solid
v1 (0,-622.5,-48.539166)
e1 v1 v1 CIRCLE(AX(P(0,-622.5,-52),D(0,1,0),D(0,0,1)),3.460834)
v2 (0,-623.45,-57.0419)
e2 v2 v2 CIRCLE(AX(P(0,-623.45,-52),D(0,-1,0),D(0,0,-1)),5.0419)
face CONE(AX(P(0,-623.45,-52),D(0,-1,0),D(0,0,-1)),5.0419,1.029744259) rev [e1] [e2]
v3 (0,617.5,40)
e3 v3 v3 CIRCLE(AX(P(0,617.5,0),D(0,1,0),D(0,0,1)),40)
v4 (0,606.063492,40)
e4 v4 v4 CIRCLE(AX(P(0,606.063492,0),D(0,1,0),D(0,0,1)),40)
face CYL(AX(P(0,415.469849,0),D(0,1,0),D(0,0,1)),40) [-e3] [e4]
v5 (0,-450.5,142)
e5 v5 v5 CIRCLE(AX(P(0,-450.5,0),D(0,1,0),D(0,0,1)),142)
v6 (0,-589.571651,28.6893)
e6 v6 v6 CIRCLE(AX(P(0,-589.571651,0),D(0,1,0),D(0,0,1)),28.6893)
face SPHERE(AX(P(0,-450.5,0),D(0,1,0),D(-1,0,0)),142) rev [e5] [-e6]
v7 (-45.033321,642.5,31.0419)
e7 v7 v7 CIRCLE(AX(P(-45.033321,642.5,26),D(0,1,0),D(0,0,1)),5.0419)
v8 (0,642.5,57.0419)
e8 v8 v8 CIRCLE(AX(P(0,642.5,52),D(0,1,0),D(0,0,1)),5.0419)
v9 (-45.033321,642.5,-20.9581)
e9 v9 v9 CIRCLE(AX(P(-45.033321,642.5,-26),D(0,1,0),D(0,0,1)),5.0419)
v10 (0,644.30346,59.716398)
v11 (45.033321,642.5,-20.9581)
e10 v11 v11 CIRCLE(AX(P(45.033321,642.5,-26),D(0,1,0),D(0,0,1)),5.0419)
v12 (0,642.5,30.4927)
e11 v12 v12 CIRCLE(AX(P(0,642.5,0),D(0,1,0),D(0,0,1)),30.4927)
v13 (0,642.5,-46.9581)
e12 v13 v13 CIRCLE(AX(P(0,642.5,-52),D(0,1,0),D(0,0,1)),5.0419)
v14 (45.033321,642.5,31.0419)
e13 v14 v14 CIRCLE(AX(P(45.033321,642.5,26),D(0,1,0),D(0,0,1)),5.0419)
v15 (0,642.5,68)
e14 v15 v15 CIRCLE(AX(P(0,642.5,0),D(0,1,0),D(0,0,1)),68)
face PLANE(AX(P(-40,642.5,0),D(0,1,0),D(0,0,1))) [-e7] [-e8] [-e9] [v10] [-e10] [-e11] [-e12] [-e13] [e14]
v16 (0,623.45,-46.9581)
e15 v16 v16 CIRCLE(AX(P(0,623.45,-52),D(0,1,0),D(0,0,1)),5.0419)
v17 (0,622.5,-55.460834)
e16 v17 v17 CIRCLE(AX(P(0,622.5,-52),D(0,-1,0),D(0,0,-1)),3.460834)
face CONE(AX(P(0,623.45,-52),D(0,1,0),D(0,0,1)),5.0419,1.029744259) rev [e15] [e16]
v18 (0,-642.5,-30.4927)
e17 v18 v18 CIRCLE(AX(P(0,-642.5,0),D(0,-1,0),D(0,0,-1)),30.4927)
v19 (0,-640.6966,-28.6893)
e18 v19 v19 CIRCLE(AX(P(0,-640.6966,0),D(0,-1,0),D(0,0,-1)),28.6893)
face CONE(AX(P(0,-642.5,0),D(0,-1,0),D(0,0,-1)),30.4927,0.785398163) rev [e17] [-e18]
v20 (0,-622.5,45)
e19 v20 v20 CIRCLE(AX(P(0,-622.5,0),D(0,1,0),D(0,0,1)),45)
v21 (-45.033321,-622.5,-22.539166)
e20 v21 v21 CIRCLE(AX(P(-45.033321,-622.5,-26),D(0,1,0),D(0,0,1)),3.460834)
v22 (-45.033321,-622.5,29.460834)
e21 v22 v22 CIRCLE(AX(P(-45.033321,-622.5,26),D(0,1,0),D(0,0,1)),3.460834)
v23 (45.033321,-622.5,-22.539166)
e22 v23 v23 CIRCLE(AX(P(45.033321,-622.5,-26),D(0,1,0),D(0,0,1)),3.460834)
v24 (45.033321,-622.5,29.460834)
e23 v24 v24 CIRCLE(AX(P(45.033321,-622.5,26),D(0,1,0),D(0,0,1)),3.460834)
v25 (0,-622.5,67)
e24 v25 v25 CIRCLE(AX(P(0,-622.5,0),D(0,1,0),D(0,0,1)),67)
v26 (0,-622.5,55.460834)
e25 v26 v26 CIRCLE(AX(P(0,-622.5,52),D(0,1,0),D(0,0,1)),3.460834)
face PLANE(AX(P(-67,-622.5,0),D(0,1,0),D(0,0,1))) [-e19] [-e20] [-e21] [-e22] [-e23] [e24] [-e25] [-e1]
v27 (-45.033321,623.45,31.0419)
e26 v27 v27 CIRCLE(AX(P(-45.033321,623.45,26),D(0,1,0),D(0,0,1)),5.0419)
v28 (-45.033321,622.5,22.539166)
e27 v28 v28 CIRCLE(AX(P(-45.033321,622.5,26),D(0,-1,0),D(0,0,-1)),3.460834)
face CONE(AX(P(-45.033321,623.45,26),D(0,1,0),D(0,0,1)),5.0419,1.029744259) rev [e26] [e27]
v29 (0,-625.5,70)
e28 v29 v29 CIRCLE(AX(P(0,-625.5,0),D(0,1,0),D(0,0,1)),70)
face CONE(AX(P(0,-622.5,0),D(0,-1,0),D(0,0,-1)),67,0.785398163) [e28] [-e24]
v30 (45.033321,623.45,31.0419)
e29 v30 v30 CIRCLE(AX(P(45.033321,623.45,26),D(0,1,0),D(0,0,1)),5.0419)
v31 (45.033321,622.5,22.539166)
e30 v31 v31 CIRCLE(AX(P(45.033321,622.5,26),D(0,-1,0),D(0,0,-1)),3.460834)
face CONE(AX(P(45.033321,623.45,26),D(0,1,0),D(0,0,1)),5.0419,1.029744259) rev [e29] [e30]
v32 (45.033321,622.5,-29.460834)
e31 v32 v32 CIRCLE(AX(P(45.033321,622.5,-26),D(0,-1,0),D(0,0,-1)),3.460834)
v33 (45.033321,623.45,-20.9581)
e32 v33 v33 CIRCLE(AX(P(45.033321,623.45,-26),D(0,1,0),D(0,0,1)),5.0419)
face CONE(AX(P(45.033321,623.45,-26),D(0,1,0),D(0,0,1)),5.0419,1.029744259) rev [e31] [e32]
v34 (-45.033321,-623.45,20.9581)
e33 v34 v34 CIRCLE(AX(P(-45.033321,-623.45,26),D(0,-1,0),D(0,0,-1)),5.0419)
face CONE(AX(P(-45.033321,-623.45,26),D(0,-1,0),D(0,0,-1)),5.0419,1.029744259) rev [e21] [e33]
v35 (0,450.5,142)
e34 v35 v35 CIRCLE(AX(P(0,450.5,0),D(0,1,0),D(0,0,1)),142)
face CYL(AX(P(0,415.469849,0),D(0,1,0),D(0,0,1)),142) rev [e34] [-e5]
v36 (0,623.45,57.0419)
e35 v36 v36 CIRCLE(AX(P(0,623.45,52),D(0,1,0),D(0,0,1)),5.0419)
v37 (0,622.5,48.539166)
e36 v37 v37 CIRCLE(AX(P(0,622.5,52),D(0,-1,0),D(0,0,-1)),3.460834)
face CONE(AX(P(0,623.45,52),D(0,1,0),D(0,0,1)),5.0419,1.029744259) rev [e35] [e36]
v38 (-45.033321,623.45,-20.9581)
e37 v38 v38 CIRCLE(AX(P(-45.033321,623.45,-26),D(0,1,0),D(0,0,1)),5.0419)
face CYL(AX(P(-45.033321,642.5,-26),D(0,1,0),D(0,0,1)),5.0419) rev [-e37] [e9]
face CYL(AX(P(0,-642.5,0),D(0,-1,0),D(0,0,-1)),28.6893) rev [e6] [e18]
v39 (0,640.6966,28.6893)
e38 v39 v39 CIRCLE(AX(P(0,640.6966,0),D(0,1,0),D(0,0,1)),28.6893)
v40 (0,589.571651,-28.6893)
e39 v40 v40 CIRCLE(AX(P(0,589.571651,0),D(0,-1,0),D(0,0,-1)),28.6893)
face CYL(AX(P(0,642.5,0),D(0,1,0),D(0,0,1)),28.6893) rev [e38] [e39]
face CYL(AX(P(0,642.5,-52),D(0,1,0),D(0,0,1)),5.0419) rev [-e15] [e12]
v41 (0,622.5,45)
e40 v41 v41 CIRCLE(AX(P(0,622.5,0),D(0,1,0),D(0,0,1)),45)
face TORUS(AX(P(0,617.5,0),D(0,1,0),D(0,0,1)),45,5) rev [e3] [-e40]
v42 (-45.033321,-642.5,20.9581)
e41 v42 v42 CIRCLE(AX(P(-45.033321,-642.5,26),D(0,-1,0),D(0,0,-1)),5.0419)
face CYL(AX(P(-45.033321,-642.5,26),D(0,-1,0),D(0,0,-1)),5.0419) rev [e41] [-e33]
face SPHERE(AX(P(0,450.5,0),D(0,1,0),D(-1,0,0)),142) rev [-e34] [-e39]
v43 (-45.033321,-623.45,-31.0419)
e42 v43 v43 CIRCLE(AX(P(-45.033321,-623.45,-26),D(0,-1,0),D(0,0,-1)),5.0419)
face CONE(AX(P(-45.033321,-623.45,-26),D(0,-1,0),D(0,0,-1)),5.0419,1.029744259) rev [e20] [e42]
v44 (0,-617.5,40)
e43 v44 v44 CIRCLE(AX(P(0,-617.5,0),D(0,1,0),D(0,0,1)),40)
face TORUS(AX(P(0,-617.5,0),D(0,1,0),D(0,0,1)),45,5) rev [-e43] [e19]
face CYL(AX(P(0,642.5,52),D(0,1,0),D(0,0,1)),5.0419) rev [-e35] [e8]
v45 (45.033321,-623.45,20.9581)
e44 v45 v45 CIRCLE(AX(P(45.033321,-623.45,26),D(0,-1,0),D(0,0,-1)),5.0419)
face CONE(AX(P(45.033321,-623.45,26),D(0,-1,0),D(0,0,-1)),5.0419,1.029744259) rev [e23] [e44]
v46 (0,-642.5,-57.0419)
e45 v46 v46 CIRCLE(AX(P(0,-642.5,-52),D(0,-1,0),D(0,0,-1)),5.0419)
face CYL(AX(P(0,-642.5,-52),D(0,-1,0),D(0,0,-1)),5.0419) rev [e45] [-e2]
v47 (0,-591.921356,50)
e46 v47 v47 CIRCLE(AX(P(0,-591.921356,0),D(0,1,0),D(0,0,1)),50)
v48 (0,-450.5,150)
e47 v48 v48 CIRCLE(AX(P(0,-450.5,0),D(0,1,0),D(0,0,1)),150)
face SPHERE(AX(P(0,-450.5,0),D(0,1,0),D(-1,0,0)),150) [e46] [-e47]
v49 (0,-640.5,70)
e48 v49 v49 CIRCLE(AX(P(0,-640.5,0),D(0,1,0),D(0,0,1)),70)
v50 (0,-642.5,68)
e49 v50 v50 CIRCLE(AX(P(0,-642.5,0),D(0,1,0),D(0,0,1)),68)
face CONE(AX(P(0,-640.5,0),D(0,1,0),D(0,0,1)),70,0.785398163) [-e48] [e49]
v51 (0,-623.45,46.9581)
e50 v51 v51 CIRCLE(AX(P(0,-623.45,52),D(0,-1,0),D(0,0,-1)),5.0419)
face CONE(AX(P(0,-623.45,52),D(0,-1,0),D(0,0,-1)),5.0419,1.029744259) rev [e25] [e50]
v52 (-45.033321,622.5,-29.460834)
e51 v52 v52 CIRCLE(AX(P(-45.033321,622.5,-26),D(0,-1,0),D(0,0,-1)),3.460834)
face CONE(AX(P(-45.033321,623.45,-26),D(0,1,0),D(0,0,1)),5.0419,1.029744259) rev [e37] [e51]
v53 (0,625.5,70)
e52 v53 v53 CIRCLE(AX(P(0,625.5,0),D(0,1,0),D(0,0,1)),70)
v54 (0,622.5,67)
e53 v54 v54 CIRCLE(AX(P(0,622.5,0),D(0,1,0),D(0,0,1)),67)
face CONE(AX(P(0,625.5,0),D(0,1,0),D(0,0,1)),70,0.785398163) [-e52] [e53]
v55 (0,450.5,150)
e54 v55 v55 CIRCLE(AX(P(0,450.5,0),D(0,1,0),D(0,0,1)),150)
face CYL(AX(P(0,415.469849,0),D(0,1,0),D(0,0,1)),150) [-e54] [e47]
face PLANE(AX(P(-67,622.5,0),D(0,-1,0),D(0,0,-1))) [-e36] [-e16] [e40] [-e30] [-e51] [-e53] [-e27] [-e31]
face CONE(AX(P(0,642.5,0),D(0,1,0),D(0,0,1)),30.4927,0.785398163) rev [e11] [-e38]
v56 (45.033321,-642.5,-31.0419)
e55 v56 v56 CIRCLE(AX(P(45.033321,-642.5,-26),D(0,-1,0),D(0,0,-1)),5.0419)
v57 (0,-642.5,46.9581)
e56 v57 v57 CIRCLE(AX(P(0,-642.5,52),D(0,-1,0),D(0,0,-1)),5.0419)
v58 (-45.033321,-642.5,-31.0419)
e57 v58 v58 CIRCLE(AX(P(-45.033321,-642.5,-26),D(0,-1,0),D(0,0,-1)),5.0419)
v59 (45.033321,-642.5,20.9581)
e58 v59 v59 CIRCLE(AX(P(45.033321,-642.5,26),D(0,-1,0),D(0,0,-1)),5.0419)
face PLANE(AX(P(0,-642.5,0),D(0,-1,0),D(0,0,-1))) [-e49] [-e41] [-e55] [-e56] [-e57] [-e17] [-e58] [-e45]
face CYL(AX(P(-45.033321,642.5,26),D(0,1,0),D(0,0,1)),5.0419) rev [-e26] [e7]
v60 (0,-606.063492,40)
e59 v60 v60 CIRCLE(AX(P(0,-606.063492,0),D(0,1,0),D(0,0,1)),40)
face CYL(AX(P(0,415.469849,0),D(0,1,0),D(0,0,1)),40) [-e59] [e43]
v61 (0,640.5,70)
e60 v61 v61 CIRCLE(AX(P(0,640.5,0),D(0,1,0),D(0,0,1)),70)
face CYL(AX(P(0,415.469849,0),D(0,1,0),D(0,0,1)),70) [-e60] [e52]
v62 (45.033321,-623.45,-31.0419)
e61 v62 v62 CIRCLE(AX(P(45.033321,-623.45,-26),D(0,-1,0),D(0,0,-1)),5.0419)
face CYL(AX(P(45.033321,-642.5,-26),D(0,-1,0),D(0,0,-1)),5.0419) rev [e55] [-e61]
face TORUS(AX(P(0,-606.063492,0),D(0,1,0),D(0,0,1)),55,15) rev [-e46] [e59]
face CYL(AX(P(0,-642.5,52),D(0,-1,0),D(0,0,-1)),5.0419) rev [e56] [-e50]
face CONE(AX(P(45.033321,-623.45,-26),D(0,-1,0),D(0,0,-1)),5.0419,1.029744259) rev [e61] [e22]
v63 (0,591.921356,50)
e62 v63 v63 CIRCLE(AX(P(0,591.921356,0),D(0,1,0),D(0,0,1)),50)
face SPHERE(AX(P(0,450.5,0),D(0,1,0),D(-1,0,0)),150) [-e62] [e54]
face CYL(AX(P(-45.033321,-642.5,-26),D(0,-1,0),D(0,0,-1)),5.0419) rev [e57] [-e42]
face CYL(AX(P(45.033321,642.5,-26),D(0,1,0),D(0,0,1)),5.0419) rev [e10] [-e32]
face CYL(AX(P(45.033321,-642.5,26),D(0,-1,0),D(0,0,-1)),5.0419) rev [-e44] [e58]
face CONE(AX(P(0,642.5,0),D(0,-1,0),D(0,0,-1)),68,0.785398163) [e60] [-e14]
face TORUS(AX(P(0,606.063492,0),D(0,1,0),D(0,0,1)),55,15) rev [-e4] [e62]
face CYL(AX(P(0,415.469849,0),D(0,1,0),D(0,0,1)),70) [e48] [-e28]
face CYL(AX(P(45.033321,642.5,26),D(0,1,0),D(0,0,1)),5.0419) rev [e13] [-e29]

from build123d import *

# Parameters (mm, degrees)
CIRPATTERN1_COUNT = 6


with BuildPart() as part:
    # Sketch2 → Revolve1 (revolve)
    with BuildSketch(Plane.XY, mode=Mode.PRIVATE) as revolve1_sk:
        with BuildLine():
            Line((-150, 450.5), (-150, -450.5))
            ThreePointArc((-150, -450.5), (-122.474487139, -537.102540378), (-50, -591.921356237))
            ThreePointArc((-50, -591.921356237), (-42.752551286, -597.403237823), (-40, -606.063491861))
            Line((-40, -606.063491861), (-40, -617.5))
            ThreePointArc((-40, -617.5), (-41.464466094, -621.035533906), (-45, -622.5))
            Line((-45, -622.5), (-67, -622.5))
            Line((-67, -622.5), (-70, -625.5))
            Line((-70, -625.5), (-70, -640.5))
            Line((-70, -640.5), (-68, -642.5))
            Line((-68, -642.5), (-40, -642.5))
            Line((-40, -642.5), (0, -642.5))
            Line((0, -642.5), (0, -592.5))
            ThreePointArc((0, -592.5), (-100.409162928, -550.909162928), (-142, -450.5))
            Line((-142, -450.5), (-142, 450.5))
            ThreePointArc((-142, 450.5), (-100.409162928, 550.909162928), (0, 592.5))
            Line((0, 592.5), (0, 642.5))
            Line((0, 642.5), (-40, 642.5))
            Line((-40, 642.5), (-68, 642.5))
            Line((-68, 642.5), (-70, 640.5))
            Line((-70, 640.5), (-70, 625.5))
            Line((-70, 625.5), (-67, 622.5))
            Line((-67, 622.5), (-45, 622.5))
            ThreePointArc((-45, 622.5), (-41.464466094, 621.035533906), (-40, 617.5))
            Line((-40, 617.5), (-40, 606.063491861))
            ThreePointArc((-40, 606.063491861), (-42.752551286, 597.403237823), (-50, 591.921356237))
            ThreePointArc((-50, 591.921356237), (-122.474487139, 537.102540378), (-150, 450.5))
        make_face()
    revolve(revolve1_sk.sketch.rotate(Axis((0, 415.469849099, 0), (0, -1, 0)), 270), axis=Axis((0, 415.469849099, 0), (0, -1, 0)))

    # Sketch7 → 3/8 Clearance Hole1 (revolve, cut)
    with BuildSketch(Plane(origin=(0, 642.5, -52), x_dir=(0, 0, 1), z_dir=(1, 0, 0))):
        Polygon((0, 0), (0, 22.079479155), (5.0419, 19.05), (5.0419, 0), align=None)
    f_3_8_clearance_hole1 = revolve(axis=Axis((0, 648.85, -52), (0, -1, 0)), mode=Mode.SUBTRACT)

    # CirPattern1: 3/8 Clearance Hole1 ×6 about axis
    cirpattern1_axis = Axis((0, 0, 0), (0, 1, 0))
    for i in range(1, CIRPATTERN1_COUNT):
        add(f_3_8_clearance_hole1.rotate(cirpattern1_axis, i * 360 / CIRPATTERN1_COUNT), mode=Mode.SUBTRACT)

    # Sketch8 → 2-11-1/2 NPSM Tapped Hole1 (revolve, cut)
    with BuildSketch(Plane(origin=(0, 642.5, 0), x_dir=(0, 0, 1), z_dir=(1, 0, 0))):
        Polygon((0, 0), (0, 209.238270557), (28.6893, 192), (28.6893, 1.8034), (30.4927, 0), align=None)
    f_2_11_1_2_npsm_tapped_hole1 = revolve(axis=Axis((0, 648.85, 0), (0, -1, 0)), mode=Mode.SUBTRACT)

    # Mirror2: 3/8 Clearance Hole1 across plane
    add(f_3_8_clearance_hole1.mirror(Plane.ZX), mode=Mode.SUBTRACT)

    # Mirror2 copy 1 sketch → Mirror2 copy 1 (revolve, cut)
    with BuildSketch(Plane(origin=(-45.033320997, -642.5, -26), x_dir=(0.8660254037844386, 0, 0.5000000000000001), z_dir=(0.5000000000000001, 0, -0.8660254037844386))):
        Polygon((0, 0), (0, -22.079479155), (5.0419, -19.05), (5.0419, 0), align=None)
    revolve(axis=Axis((-45.033320997, -648.85, -26), (0, -1, 0)), mode=Mode.SUBTRACT)

    # Mirror2 copy 2 sketch → Mirror2 copy 2 (revolve, cut)
    with BuildSketch(Plane(origin=(-45.033320997, -642.5, 26), x_dir=(0.8660254037844387, 0, -0.4999999999999998), z_dir=(-0.4999999999999998, 0, -0.8660254037844387))):
        Polygon((0, 0), (0, -22.079479155), (5.0419, -19.05), (5.0419, 0), align=None)
    revolve(axis=Axis((-45.033320997, -648.85, 26), (0, -1, 0)), mode=Mode.SUBTRACT)

    # Mirror2 copy 3 sketch → Mirror2 copy 3 (revolve, cut)
    with BuildSketch(Plane(origin=(0, -642.5, 52), x_dir=(0, 0, -1), z_dir=(-1, 0, 0))):
        Polygon((0, 0), (0, -22.079479155), (5.0419, -19.05), (5.0419, 0), align=None)
    revolve(axis=Axis((0, -648.85, 52), (0, -1, 0)), mode=Mode.SUBTRACT)

    # Mirror2 copy 4 sketch → Mirror2 copy 4 (revolve, cut)
    with BuildSketch(Plane(origin=(45.033320997, -642.5, 26), x_dir=(-0.8660254037844384, 0, -0.5000000000000004), z_dir=(-0.5000000000000004, 0, 0.8660254037844384))):
        Polygon((0, 0), (0, -22.079479155), (5.0419, -19.05), (5.0419, 0), align=None)
    revolve(axis=Axis((45.033320997, -648.85, 26), (0, -1, 0)), mode=Mode.SUBTRACT)

    # Mirror2 copy 5 sketch → Mirror2 copy 5 (revolve, cut)
    with BuildSketch(Plane(origin=(45.033320997, -642.5, -26), x_dir=(-0.8660254037844386, 0, 0.5000000000000001), z_dir=(0.5000000000000001, 0, 0.8660254037844386))):
        Polygon((0, 0), (0, -22.079479155), (5.0419, -19.05), (5.0419, 0), align=None)
    revolve(axis=Axis((45.033320997, -648.85, -26), (0, -1, 0)), mode=Mode.SUBTRACT)

    # Mirror3: 2-11-1/2 NPSM Tapped Hole1 across plane
    add(f_2_11_1_2_npsm_tapped_hole1.mirror(Plane.ZX), mode=Mode.SUBTRACT)


solid = part.part
